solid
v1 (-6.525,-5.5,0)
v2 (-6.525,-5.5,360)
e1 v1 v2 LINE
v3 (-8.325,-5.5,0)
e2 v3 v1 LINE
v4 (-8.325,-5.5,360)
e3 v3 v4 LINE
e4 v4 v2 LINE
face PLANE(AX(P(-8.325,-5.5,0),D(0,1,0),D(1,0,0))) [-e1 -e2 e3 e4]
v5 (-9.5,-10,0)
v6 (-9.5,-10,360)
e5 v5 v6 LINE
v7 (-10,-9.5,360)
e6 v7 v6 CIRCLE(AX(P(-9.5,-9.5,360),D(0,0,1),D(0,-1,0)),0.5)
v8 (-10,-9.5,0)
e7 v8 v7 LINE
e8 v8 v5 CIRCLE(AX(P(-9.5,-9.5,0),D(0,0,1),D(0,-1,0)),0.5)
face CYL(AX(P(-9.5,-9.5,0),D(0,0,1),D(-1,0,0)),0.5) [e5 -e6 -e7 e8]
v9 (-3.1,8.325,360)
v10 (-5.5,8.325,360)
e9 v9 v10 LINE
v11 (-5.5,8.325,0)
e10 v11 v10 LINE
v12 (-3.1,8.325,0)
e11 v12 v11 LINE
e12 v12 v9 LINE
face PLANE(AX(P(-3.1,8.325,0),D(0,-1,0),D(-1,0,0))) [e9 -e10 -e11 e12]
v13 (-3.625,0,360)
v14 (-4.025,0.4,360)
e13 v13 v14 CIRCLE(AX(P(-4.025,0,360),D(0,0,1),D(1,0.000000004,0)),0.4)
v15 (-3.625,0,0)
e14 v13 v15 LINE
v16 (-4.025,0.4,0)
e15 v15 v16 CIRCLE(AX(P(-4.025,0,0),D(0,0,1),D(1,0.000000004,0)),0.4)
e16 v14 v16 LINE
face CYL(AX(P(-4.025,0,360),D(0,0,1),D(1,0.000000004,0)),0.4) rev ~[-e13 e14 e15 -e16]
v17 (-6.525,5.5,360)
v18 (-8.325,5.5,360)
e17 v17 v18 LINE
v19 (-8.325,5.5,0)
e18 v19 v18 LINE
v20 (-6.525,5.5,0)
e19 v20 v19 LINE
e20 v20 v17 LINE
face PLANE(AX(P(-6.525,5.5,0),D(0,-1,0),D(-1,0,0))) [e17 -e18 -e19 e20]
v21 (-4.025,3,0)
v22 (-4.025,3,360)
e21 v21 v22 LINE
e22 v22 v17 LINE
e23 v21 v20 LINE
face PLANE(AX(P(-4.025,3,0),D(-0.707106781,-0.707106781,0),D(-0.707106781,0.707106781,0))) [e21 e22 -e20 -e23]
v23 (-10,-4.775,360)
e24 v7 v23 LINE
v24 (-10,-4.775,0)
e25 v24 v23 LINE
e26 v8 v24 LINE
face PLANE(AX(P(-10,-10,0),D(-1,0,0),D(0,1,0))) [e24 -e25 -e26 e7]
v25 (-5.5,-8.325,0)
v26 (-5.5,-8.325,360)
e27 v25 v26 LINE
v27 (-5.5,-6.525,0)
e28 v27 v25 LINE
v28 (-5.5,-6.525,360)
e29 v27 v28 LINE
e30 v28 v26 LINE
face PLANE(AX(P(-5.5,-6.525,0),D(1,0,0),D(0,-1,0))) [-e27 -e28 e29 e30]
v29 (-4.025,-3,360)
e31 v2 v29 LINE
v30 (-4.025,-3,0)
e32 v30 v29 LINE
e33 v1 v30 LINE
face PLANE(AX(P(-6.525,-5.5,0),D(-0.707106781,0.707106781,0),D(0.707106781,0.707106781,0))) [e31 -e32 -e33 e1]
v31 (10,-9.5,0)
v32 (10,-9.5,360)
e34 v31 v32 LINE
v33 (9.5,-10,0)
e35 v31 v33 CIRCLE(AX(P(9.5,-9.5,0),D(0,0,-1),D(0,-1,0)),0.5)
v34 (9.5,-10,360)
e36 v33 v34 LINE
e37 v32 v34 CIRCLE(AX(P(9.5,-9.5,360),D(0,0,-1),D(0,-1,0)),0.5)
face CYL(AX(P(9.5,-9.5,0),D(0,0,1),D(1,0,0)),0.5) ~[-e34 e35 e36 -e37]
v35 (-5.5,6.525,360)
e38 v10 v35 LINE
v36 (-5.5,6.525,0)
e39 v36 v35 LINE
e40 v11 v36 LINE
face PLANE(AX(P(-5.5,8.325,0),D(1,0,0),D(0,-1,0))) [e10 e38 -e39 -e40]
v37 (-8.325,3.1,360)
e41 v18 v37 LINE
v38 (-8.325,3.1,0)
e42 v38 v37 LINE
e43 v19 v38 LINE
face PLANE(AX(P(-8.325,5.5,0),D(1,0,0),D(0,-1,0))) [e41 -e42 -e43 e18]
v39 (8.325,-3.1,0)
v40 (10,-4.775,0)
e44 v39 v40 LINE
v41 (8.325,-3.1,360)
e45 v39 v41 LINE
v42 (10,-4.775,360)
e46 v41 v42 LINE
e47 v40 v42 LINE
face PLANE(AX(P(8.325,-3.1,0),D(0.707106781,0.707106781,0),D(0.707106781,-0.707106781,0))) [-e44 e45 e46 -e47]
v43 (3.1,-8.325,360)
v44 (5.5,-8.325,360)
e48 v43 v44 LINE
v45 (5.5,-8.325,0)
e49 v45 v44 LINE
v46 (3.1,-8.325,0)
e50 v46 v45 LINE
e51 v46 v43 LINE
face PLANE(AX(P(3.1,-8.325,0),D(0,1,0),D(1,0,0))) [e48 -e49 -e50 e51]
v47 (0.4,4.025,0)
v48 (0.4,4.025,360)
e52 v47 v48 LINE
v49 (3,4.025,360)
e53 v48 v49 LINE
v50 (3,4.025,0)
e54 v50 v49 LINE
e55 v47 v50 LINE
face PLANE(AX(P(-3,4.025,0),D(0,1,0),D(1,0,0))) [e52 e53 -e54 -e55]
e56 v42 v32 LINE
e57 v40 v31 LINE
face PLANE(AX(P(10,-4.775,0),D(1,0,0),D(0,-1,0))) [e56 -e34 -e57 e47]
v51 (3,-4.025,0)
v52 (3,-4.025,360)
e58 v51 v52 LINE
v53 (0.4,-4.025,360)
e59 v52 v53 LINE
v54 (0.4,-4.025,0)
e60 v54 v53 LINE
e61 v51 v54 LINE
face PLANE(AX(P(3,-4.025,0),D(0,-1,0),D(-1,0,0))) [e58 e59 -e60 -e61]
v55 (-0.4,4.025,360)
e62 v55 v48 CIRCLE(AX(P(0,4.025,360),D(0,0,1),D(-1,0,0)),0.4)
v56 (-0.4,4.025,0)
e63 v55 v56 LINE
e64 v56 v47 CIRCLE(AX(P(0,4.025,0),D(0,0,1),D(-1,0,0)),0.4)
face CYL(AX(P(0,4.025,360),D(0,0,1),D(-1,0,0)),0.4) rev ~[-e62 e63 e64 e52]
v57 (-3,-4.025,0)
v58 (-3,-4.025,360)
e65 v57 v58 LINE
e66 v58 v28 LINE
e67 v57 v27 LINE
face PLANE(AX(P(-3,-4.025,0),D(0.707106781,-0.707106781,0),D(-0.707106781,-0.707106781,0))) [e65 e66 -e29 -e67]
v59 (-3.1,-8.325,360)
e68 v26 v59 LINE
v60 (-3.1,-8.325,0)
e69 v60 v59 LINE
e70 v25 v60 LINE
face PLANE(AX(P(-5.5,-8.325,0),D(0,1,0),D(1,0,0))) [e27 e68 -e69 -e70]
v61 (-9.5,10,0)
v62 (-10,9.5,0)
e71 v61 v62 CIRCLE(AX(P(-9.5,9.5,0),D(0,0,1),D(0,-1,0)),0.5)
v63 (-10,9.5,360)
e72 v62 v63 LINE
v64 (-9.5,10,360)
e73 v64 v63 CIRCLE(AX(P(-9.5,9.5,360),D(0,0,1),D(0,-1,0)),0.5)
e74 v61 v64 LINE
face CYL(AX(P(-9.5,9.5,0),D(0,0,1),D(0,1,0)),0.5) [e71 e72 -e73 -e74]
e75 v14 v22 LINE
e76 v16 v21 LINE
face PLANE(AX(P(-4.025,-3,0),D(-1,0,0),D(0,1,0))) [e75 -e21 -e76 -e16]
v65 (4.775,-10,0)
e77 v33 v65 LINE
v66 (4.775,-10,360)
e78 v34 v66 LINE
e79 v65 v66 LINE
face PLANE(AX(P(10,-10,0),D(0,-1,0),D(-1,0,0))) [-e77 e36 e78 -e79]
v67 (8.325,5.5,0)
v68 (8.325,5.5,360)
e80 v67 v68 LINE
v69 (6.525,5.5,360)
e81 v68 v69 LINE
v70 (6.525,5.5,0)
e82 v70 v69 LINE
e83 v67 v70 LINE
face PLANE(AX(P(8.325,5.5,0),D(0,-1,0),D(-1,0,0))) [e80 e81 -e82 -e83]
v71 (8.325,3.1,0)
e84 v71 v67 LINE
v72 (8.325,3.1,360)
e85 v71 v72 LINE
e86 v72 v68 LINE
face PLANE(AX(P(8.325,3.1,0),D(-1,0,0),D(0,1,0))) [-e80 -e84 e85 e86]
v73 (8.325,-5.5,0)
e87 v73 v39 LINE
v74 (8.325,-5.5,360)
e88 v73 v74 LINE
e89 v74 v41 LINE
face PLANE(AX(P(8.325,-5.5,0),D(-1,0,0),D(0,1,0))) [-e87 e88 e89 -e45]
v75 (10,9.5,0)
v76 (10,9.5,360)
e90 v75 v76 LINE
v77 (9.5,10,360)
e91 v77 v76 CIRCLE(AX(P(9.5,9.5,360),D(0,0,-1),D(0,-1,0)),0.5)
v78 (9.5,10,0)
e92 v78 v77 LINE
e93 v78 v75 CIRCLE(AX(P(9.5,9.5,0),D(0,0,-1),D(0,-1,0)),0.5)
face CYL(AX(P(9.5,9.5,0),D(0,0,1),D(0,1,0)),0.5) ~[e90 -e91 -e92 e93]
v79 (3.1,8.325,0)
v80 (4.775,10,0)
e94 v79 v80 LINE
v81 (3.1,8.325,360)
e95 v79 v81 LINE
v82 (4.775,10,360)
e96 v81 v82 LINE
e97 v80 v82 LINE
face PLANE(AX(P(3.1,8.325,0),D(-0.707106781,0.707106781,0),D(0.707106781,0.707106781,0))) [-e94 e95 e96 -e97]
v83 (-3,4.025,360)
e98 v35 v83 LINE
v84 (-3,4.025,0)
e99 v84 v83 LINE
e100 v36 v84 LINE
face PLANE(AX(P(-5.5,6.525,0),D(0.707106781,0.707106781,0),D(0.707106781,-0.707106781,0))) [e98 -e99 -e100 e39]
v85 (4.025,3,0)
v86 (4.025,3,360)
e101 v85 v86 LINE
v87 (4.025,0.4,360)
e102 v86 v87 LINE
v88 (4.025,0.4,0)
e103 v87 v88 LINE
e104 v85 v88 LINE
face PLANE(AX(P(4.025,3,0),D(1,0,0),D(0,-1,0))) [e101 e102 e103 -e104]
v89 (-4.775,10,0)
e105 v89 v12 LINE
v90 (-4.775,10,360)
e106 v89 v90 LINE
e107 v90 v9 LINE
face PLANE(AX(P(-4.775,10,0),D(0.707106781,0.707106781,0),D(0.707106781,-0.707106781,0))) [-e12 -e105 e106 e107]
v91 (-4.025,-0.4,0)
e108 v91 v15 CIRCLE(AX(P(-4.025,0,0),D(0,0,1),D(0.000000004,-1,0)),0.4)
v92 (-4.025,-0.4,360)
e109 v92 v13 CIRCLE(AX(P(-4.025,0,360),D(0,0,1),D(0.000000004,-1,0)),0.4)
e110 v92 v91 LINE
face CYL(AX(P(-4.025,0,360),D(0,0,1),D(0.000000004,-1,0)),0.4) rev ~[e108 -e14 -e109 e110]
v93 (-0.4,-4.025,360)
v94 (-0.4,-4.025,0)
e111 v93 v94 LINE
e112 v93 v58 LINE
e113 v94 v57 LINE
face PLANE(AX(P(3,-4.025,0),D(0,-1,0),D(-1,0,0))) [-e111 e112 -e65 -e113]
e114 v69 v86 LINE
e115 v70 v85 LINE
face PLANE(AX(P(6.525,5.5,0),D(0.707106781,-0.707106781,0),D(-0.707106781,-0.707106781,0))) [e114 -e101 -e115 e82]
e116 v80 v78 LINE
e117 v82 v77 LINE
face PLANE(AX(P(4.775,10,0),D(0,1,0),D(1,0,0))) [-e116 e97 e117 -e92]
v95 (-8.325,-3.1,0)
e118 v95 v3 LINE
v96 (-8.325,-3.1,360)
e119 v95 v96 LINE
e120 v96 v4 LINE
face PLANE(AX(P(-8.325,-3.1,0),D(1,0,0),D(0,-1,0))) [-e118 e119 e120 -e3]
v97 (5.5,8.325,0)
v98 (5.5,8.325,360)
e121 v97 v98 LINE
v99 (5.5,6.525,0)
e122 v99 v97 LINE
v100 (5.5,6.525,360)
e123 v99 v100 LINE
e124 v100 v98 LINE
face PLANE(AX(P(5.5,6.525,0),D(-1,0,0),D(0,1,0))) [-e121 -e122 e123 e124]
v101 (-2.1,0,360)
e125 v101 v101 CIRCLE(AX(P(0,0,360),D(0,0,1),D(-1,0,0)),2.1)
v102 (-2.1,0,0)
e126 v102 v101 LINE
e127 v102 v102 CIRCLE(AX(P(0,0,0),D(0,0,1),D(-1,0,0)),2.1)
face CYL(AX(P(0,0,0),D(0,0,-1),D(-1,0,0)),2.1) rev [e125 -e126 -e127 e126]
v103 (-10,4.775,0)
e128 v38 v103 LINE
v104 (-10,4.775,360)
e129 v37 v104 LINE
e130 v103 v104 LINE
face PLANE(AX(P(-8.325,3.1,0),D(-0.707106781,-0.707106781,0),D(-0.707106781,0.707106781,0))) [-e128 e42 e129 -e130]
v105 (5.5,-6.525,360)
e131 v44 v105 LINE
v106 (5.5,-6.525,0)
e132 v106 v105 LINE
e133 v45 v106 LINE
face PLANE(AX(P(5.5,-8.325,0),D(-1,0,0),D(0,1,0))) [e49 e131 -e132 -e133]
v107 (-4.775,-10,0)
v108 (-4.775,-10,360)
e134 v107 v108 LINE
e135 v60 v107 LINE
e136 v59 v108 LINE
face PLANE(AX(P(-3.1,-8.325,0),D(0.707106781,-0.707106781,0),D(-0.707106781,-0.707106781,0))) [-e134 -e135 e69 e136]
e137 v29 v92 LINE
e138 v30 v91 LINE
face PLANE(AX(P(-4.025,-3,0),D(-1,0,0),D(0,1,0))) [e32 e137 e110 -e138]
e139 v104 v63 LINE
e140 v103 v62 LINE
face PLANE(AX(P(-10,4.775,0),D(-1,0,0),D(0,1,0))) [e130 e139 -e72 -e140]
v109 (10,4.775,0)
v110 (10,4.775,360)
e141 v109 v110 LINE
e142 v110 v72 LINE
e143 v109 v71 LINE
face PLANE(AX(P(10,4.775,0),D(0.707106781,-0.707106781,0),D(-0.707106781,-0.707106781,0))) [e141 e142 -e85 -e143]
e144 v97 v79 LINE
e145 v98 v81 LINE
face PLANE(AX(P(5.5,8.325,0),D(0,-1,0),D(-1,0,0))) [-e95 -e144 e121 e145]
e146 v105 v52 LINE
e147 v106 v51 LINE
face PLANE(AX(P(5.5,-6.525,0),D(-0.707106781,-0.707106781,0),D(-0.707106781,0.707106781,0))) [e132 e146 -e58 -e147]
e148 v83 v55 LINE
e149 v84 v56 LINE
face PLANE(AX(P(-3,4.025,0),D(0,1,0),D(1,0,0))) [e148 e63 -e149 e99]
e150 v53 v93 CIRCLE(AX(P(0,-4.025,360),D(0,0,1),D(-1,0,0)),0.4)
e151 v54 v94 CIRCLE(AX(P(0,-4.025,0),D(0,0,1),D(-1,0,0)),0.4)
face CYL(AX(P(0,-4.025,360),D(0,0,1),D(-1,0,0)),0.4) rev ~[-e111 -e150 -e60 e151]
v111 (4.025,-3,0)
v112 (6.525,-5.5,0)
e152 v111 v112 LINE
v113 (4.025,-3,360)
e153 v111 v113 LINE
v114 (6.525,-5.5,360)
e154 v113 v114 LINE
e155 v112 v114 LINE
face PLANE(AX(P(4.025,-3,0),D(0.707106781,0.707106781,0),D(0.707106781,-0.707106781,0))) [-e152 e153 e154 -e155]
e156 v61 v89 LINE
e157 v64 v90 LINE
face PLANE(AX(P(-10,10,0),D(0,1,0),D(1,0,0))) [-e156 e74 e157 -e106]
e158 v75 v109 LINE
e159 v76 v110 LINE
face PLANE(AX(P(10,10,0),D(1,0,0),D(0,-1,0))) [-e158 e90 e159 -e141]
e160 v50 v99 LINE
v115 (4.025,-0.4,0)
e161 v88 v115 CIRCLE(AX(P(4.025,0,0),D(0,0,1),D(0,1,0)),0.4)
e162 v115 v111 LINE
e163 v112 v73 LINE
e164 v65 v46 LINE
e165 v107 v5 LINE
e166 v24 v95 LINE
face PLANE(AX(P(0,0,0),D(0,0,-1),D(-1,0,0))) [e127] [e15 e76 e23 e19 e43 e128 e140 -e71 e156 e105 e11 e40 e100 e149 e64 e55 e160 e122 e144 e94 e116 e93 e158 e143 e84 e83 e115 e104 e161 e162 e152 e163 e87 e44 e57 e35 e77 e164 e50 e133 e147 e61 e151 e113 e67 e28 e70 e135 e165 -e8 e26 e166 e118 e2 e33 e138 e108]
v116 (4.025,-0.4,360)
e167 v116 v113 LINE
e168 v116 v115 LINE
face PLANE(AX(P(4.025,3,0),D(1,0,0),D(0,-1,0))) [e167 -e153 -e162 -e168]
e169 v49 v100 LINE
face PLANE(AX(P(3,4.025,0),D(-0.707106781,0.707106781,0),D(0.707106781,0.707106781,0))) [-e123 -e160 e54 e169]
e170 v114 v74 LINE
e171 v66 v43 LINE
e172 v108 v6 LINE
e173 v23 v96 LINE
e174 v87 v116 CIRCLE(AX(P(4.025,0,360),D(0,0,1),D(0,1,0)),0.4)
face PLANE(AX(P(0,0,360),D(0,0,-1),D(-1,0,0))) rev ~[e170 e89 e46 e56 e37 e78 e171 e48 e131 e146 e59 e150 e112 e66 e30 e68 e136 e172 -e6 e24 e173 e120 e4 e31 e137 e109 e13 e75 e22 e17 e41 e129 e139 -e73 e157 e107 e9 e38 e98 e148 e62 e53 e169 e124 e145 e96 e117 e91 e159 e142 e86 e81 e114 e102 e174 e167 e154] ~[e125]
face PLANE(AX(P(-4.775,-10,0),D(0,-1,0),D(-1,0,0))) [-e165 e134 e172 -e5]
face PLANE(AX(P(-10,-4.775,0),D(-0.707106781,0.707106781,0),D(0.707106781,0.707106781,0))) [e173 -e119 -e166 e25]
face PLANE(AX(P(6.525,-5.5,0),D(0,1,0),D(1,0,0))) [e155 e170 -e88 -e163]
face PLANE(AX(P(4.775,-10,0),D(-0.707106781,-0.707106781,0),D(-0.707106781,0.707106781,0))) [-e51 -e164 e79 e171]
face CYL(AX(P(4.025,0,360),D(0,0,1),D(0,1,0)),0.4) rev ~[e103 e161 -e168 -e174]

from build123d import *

# Parameters (mm, degrees)
SKETCH1_R           = 2.1
BOSS_EXTRUDE1_DEPTH = 360
FILLET1_R           = 0.5
CUT_EXTRUDE1_DEPTH  = 361.277670693


with BuildPart() as part:
    # Sketch1 → Boss-Extrude1 (new body)
    with BuildSketch(Plane.XY):
        Polygon((-10, 10), (-4.775, 10), (-3.1, 8.325), (-5.5, 8.325), (-5.5, 6.525), (-3, 4.025), (3, 4.025), (5.5, 6.525), (5.5, 8.325), (3.1, 8.325), (4.775, 10), (10, 10), (10, 4.775), (8.325, 3.1), (8.325, 5.5), (6.525, 5.5), (4.025, 3), (4.025, -3), (6.525, -5.5), (8.325, -5.5), (8.325, -3.1), (10, -4.775), (10, -10), (4.775, -10), (3.1, -8.325), (5.5, -8.325), (5.5, -6.525), (3, -4.025), (-3, -4.025), (-5.5, -6.525), (-5.5, -8.325), (-3.1, -8.325), (-4.775, -10), (-10, -10), (-10, -4.775), (-8.325, -3.1), (-8.325, -5.5), (-6.525, -5.5), (-4.025, -3), (-4.025, 3), (-6.525, 5.5), (-8.325, 5.5), (-8.325, 3.1), (-10, 4.775), align=None)
        with Locations(Location((0, 0, 0), (0, 0, 180))):
            Circle(SKETCH1_R, mode=Mode.SUBTRACT)
    extrude(amount=BOSS_EXTRUDE1_DEPTH)

    # Fillet1
    fillet1_edges = [part.edges().sort_by_distance(p)[0] for p in [
        (10, -10, 180),
        (-10, -10, 180),
        (-10, 10, 180),
        (10, 10, 180),
    ]]
    fillet(fillet1_edges, radius=FILLET1_R)

    # Sketch2 → Cut-Extrude1 (cut, through all)
    with BuildSketch(Plane.XY.offset(360)):
        with BuildLine():
            ThreePointArc((-4.025, 0.4), (-4.425, 0), (-4.025, -0.4))
            Line((-4.025, -0.4), (-4.025, 0.4))
        make_face()
        with BuildLine():
            Line((-4.025, 0.4), (-4.025, -0.4))
            ThreePointArc((-4.025, -0.4), (-3.742157288, -0.282842712), (-3.625, 0))
            ThreePointArc((-3.625, 0), (-3.742157288, 0.282842712), (-4.025, 0.4))
        make_face()
        with BuildLine():
            ThreePointArc((0.4, 4.025), (0, 4.425), (-0.4, 4.025))
            Line((-0.4, 4.025), (0.4, 4.025))
        make_face()
        with BuildLine():
            Line((0.4, 4.025), (-0.4, 4.025))
            ThreePointArc((-0.4, 4.025), (0, 3.625), (0.4, 4.025))
        make_face()
        with BuildLine():
            ThreePointArc((4.025, 0.4), (3.625, 0), (4.025, -0.4))
            Line((4.025, -0.4), (4.025, 0.4))
        make_face()
        with BuildLine():
            Line((4.025, 0.4), (4.025, -0.4))
            ThreePointArc((4.025, -0.4), (4.307842712, -0.282842712), (4.425, 0))
            ThreePointArc((4.425, 0), (4.307842712, 0.282842712), (4.025, 0.4))
        make_face()
        with BuildLine():
            ThreePointArc((0.4, -4.025), (0, -3.625), (-0.4, -4.025))
            Line((-0.4, -4.025), (0.4, -4.025))
        make_face()
        with BuildLine():
            Line((0.4, -4.025), (-0.4, -4.025))
            ThreePointArc((-0.4, -4.025), (0, -4.425), (0.4, -4.025))
        make_face()
    extrude(amount=-CUT_EXTRUDE1_DEPTH, mode=Mode.SUBTRACT)


solid = part.part
